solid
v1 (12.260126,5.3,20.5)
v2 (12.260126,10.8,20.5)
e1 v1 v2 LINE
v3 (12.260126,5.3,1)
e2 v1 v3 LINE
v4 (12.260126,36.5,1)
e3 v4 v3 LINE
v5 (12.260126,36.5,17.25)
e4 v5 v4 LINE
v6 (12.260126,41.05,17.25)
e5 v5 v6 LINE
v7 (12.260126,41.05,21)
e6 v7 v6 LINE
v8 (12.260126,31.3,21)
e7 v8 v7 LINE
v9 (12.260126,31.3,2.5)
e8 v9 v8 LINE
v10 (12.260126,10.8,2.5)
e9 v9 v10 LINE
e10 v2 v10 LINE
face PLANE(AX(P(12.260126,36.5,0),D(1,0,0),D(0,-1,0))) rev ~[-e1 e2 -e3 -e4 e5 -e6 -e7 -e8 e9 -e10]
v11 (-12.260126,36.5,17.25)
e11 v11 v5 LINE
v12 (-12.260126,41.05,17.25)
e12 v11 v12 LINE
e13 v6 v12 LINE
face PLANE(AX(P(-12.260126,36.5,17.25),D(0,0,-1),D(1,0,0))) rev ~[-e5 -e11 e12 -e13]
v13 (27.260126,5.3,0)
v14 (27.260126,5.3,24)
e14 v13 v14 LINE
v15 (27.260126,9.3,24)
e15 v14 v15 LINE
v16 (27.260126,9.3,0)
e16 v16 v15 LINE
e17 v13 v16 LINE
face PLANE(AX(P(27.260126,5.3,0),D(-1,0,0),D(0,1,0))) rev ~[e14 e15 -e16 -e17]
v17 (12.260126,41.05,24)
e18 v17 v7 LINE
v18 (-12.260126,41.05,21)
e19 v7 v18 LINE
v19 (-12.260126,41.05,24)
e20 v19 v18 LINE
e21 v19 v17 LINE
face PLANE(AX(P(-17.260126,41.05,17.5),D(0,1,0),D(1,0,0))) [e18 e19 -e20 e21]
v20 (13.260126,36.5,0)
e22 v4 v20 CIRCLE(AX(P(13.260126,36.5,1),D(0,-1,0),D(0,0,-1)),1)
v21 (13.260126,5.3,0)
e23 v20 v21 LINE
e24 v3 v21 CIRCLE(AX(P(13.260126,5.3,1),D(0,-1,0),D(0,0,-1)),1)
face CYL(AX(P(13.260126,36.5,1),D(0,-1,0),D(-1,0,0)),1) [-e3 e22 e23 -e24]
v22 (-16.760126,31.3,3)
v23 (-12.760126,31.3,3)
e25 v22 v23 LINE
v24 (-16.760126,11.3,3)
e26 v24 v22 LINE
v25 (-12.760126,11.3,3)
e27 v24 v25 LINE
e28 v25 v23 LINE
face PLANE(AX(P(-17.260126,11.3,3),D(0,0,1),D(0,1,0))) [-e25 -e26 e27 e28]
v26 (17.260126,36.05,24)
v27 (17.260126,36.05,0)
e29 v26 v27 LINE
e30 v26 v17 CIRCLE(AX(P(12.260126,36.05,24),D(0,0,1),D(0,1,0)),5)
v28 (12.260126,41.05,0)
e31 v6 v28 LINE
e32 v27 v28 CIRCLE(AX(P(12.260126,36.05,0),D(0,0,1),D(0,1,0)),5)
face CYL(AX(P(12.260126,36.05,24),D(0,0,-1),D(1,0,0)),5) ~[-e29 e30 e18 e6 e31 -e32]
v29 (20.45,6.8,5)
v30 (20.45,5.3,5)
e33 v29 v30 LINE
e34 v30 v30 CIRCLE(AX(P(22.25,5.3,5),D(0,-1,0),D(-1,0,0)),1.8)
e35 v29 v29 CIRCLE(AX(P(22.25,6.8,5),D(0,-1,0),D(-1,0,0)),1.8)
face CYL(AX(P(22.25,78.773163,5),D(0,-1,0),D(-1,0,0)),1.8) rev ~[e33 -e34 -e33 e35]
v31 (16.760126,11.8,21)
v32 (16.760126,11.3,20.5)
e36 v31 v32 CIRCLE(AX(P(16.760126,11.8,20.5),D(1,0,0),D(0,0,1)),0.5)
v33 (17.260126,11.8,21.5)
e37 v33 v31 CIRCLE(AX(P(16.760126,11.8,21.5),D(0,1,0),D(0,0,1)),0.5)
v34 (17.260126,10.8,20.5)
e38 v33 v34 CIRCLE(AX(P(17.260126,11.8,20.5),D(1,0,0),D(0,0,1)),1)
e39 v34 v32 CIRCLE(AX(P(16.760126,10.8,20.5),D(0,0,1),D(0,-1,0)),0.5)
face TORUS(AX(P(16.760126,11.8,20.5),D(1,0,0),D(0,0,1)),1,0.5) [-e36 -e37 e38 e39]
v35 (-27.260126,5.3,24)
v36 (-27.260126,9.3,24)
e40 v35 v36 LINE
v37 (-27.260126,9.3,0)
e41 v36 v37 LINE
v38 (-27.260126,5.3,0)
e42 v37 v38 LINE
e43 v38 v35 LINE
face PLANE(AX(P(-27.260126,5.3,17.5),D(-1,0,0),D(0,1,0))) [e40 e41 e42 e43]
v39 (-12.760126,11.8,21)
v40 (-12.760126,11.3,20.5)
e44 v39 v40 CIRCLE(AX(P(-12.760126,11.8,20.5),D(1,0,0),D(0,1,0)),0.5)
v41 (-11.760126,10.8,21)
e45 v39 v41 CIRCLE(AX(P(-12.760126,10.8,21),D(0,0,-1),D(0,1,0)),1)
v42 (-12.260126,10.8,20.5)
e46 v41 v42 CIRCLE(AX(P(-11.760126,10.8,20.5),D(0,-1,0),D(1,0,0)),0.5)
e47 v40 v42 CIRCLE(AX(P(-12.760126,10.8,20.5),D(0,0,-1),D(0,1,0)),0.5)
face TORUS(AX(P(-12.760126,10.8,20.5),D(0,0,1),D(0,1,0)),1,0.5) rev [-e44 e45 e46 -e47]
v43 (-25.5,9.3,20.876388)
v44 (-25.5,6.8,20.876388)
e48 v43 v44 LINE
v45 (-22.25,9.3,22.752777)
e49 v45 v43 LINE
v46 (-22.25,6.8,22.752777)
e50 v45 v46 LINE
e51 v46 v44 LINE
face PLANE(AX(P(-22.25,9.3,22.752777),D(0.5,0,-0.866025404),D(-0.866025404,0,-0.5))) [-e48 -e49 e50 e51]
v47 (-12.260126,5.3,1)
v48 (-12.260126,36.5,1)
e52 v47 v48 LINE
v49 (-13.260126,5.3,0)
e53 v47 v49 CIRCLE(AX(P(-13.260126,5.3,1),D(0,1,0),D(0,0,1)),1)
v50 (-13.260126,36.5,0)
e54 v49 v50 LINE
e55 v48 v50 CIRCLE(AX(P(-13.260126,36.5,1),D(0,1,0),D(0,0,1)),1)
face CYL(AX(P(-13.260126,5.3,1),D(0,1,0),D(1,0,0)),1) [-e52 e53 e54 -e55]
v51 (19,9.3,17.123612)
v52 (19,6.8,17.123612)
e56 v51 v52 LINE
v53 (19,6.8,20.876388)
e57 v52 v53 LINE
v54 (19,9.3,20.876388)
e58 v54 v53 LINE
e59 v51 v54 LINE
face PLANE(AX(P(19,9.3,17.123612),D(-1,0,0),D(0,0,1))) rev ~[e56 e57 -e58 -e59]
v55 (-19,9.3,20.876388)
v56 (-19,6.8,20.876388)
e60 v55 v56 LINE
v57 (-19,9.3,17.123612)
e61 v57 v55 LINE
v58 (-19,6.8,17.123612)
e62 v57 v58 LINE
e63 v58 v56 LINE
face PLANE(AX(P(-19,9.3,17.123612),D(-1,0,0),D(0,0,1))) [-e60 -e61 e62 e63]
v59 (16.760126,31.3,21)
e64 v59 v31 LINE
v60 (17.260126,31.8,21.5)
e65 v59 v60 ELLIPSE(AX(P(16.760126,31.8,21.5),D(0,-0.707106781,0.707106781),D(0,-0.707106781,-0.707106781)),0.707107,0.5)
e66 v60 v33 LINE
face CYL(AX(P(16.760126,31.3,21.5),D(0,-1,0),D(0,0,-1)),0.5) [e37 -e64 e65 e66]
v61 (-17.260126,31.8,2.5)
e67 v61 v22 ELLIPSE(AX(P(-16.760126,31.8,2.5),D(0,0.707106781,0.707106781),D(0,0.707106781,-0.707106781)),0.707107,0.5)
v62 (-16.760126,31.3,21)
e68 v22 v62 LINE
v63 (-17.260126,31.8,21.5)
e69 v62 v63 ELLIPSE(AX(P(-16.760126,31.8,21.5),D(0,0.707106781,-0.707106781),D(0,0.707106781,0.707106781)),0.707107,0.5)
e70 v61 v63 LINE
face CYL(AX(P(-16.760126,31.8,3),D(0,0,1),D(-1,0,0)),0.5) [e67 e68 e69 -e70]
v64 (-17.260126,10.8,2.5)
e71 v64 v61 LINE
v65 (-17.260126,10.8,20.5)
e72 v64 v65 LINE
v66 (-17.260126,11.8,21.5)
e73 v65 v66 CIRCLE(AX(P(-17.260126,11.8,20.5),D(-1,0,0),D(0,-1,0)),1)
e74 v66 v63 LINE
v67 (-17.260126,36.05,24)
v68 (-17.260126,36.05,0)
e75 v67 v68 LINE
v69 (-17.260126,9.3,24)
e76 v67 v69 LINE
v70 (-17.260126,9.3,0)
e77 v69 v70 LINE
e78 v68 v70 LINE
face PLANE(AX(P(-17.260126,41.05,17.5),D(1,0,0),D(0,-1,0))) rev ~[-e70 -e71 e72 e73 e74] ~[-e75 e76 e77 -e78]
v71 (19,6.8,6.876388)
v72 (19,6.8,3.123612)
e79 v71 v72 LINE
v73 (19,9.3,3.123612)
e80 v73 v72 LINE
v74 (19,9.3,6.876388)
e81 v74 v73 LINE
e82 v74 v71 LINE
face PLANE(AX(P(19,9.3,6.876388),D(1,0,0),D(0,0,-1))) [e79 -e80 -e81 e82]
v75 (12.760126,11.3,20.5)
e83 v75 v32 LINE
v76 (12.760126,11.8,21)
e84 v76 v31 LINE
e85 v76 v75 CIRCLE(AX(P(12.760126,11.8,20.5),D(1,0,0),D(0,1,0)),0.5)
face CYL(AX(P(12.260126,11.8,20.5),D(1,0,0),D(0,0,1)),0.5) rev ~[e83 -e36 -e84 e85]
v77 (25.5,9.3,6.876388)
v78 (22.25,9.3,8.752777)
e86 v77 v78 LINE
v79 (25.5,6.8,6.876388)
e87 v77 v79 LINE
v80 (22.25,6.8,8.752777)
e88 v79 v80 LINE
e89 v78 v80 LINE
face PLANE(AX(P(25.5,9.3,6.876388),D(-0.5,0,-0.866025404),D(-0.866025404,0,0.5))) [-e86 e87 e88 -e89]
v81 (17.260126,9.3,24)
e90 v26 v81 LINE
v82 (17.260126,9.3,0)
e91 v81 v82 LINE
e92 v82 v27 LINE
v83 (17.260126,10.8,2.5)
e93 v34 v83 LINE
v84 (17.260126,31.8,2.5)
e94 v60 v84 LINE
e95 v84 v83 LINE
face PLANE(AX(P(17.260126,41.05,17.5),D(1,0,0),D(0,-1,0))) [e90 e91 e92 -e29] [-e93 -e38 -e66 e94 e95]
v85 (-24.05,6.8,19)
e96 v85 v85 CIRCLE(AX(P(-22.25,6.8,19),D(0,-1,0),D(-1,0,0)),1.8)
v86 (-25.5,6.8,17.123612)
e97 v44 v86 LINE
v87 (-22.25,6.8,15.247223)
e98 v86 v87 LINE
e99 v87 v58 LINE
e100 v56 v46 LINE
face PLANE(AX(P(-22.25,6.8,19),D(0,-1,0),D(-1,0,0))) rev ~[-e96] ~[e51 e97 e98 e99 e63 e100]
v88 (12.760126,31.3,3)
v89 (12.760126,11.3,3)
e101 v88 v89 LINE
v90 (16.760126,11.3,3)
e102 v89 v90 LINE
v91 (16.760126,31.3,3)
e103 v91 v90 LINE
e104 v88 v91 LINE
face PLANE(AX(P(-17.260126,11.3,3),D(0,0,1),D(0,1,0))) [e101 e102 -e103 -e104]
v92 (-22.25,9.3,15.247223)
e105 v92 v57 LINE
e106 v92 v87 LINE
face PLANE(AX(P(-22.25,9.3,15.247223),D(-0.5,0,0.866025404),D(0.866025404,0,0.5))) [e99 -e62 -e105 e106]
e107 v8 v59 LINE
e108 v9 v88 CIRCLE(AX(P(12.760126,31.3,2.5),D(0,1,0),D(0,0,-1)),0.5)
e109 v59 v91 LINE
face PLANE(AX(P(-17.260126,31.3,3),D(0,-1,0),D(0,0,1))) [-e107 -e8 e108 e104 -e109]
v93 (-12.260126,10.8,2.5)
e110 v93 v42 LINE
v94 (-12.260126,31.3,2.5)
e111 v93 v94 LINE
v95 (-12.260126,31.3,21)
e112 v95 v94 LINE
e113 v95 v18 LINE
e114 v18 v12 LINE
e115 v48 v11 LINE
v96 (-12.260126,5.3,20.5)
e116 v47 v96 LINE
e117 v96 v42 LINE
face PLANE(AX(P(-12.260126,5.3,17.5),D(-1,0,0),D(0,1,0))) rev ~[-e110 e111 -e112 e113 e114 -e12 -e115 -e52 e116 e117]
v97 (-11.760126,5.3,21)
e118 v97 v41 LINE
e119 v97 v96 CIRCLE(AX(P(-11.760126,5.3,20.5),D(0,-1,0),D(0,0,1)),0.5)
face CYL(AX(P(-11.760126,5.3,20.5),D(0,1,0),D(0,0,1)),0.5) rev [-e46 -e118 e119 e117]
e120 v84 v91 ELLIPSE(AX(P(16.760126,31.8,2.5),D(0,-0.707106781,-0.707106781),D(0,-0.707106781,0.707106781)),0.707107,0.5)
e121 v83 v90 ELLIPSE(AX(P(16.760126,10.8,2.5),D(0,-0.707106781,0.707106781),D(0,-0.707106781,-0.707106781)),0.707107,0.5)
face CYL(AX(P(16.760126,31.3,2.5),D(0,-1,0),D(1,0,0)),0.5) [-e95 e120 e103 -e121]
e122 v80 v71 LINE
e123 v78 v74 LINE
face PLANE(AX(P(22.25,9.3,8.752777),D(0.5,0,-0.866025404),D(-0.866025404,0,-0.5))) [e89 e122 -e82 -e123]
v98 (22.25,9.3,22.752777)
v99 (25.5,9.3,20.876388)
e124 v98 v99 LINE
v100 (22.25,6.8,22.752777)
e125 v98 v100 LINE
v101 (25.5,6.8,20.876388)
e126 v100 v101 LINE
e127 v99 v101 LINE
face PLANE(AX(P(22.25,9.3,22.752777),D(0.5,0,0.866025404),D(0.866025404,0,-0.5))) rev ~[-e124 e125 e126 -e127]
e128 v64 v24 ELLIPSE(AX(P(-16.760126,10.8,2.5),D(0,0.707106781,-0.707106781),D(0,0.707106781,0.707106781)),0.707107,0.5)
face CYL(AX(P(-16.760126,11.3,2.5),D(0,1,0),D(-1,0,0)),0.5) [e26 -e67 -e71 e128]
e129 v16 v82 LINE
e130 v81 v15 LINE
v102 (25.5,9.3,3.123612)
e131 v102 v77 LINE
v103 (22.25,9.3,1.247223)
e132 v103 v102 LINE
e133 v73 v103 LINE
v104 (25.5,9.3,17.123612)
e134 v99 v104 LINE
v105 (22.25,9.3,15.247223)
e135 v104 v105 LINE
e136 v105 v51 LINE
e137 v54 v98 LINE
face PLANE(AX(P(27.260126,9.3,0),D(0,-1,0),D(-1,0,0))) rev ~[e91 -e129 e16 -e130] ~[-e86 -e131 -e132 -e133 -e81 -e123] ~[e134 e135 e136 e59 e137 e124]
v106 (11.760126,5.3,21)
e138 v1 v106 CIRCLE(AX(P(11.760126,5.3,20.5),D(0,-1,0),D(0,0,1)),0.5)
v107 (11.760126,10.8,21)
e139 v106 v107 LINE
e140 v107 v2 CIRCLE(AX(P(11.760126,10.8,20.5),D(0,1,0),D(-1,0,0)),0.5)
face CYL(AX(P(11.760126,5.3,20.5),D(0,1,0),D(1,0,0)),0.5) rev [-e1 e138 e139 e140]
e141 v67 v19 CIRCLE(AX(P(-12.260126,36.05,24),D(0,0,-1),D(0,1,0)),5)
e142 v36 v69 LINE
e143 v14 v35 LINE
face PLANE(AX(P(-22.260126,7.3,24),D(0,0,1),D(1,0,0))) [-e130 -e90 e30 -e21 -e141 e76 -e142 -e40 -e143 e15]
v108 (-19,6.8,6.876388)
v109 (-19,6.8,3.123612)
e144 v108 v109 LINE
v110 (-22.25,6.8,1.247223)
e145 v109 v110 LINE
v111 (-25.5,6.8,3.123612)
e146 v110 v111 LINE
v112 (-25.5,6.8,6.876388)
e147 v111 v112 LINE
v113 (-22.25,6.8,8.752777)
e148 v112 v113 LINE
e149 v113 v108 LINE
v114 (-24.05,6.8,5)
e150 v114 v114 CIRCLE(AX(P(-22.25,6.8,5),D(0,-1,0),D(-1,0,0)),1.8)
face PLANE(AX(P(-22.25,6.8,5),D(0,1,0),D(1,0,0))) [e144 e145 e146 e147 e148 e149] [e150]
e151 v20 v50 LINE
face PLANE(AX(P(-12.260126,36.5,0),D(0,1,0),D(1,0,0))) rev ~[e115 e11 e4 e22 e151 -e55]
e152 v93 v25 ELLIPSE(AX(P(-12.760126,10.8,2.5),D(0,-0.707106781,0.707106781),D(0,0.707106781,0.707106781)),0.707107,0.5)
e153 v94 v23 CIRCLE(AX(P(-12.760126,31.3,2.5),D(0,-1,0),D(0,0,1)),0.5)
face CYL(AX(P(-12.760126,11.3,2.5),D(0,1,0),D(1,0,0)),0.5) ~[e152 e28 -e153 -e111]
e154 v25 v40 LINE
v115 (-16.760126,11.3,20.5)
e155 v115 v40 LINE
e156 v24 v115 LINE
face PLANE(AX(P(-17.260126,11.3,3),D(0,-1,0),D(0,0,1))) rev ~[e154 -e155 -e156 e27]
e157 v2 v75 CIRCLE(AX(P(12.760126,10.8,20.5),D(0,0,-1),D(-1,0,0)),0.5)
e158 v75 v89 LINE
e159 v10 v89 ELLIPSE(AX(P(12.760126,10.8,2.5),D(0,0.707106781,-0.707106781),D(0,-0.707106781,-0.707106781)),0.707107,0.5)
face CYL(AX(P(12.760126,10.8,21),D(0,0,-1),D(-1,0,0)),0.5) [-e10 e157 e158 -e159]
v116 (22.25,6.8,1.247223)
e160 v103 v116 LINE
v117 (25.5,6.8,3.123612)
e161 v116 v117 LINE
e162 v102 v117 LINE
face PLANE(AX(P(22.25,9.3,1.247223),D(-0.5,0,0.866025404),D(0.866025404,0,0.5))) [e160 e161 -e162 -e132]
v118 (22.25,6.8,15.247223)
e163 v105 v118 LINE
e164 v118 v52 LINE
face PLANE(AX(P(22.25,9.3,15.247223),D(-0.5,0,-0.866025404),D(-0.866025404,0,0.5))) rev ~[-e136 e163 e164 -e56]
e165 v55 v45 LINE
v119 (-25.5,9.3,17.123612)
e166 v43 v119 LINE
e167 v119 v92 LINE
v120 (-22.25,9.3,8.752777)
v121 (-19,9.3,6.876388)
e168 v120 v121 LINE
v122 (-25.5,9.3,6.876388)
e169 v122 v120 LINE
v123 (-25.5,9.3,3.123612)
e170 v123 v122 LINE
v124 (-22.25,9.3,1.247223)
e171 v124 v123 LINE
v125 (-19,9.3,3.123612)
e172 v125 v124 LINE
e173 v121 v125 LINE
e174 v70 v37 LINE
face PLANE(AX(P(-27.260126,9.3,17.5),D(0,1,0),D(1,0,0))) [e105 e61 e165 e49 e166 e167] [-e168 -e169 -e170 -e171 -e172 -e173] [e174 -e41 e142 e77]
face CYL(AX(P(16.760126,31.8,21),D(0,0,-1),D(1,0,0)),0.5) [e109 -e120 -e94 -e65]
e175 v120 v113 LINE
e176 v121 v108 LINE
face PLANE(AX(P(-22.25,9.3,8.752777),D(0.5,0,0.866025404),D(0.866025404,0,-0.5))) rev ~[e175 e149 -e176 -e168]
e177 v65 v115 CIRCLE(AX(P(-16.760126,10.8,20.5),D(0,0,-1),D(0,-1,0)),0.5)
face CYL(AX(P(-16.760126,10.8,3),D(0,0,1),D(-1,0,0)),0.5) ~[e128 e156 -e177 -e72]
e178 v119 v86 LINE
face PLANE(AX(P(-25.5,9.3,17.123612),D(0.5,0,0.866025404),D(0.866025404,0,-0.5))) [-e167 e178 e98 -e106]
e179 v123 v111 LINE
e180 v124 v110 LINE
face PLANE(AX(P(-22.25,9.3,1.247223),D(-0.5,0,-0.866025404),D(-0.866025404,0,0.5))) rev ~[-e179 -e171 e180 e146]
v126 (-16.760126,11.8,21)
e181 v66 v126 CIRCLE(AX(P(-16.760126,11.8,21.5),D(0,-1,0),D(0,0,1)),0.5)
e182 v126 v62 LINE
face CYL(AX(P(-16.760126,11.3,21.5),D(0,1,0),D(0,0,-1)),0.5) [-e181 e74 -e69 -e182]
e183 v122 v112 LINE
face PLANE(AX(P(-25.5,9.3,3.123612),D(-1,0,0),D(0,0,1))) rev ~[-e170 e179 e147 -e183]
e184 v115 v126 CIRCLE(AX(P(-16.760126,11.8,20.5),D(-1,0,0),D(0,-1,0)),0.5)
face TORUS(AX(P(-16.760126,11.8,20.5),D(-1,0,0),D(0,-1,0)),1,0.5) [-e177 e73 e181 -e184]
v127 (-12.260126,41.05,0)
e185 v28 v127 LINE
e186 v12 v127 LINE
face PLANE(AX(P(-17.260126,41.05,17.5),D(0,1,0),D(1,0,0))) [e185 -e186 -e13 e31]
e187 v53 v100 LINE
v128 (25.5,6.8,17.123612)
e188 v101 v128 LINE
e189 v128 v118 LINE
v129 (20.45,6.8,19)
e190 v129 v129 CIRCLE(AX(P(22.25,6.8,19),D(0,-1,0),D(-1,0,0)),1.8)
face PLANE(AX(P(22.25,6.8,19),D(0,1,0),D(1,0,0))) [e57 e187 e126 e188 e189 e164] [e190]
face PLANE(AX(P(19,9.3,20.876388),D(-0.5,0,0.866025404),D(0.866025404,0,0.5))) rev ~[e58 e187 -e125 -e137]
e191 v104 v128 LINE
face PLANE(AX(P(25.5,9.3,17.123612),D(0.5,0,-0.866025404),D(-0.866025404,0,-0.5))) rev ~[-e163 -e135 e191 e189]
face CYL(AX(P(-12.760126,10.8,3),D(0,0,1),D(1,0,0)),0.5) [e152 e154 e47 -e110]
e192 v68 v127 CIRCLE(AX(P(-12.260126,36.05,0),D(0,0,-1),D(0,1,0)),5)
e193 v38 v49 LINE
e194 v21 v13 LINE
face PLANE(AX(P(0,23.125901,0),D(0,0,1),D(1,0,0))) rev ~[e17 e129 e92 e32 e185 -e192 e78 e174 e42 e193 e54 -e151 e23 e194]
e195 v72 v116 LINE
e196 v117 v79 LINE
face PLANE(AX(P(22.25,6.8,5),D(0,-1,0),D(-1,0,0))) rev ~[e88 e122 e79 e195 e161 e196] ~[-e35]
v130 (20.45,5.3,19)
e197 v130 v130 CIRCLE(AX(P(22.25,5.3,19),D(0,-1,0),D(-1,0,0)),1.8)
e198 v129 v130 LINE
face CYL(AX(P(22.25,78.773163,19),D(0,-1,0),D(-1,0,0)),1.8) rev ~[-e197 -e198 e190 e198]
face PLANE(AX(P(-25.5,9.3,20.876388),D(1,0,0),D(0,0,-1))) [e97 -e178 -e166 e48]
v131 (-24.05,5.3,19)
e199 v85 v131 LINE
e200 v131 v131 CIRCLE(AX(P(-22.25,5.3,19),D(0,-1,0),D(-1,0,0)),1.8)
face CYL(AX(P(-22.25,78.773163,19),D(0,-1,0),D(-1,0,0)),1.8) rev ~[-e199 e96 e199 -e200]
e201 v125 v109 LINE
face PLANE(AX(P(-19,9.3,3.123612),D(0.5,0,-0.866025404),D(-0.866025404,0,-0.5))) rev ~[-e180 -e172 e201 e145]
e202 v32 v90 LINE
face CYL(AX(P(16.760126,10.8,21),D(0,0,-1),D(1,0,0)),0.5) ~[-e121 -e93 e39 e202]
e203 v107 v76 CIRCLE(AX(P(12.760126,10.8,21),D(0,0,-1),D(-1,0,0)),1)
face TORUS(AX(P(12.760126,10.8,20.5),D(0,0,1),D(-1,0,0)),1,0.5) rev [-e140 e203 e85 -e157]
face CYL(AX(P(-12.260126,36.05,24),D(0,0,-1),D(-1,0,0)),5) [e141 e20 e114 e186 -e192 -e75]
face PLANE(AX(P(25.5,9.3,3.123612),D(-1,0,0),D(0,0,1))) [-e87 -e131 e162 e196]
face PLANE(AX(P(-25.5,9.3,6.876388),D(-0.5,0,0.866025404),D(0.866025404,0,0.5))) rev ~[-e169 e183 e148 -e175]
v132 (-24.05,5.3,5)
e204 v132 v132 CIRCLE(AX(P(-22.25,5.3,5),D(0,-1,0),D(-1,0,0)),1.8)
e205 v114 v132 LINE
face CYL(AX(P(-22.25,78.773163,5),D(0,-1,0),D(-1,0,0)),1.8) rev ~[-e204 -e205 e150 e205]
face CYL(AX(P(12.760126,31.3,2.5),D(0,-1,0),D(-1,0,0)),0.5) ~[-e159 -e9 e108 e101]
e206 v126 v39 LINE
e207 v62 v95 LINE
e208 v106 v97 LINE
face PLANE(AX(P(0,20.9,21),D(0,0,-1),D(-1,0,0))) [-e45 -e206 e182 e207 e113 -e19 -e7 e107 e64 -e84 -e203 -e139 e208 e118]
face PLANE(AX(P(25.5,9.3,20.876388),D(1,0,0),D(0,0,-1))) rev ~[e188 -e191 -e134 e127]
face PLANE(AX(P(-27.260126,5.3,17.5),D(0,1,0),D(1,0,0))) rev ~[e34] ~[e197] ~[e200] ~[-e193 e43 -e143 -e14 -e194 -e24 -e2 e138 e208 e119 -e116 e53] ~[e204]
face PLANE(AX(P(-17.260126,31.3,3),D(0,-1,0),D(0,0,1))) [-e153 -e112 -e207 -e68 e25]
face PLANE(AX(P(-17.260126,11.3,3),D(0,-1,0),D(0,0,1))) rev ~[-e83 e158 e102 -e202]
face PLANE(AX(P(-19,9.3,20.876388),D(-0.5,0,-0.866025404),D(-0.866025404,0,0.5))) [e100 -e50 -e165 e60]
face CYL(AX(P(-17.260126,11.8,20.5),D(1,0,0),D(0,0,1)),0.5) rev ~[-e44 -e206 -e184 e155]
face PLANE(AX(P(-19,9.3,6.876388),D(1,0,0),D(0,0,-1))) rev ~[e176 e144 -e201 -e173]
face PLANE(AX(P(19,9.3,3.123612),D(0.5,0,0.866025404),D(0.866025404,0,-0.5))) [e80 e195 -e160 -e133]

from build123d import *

# Parameters (mm, degrees)
BOSS_EXTRUDE1_DEPTH  = 17.5
BOSS_EXTRUDE2_DEPTH  = 6.5
SKETCH4_W            = 24.52025143
SKETCH4_H            = 31.2
CUT_EXTRUDE1_DEPTH   = 3.5
FILLET1_R            = 5
SKETCH7_W            = 10
SKETCH7_H            = 4
BOSS_EXTRUDE3_DEPTH  = 6.5
FILLET2_R            = 1
SKETCH8_W            = 18
SKETCH8_H            = 20
CUT_EXTRUDE4_DEPTH   = 66.139506352
FILLET3_R            = 0.5
CUT_EXTRUDE7_DEPTH   = 2.5
M3_CLEARANCE_HOLE1_D = 3.6
SKETCH14_W           = 24.52025143
SKETCH14_H           = 3.75
CUT_EXTRUDE8_DEPTH   = 48.880627126


with BuildPart() as part:
    # Sketch1 → Boss-Extrude1 (new body)
    with BuildSketch(Plane.XY):
        Polygon((-27.260125715, 5.300000005), (-12.260125715, 5.300000005), (-12.260125715, 36.500000005), (12.260125715, 36.500000005), (12.260125715, 5.300000005), (27.260125715, 5.300000005), (27.260125715, 9.300000005), (17.260125715, 9.300000005), (17.260125715, 38.858678923), (17.260125715, 41.050000005), (15.150659775, 41.050000005), (12, 41.050000005), (-12, 41.050000005), (-17.260125715, 41.050000005), (-17.260125715, 39.558678923), (-17.260125715, 9.300000005), (-27.260125715, 9.300000005), align=None)
    extrude(amount=BOSS_EXTRUDE1_DEPTH)

    # Sketch2 → Boss-Extrude2 (add)
    with BuildSketch(Plane.XY.offset(17.5)):
        Polygon((-17.260125715, 9.300000005), (-17.260125715, 41.050000005), (17.260125715, 41.050000005), (17.260125715, 5.300000005), (-17.260125715, 5.300000005), align=None)
    extrude(amount=BOSS_EXTRUDE2_DEPTH)

    # Sketch4 → Cut-Extrude1 (cut)
    with BuildSketch(Plane(origin=(0, 0, 17.5), x_dir=(-1, 0, 0), z_dir=(0, 0, -1))):
        with Locations((0, 20.900000005)):
            Rectangle(SKETCH4_W, SKETCH4_H)
    extrude(amount=-CUT_EXTRUDE1_DEPTH, mode=Mode.SUBTRACT)

    # Fillet1
    fillet1_edges = [part.edges().sort_by_distance(p)[0] for p in [
        (-17.260125715, 41.050000005, 12),
        (17.260125715, 41.050000005, 12),
    ]]
    fillet(fillet1_edges, radius=FILLET1_R)

    # Sketch7 → Boss-Extrude3 (add, through all)
    with BuildSketch(Plane.XY.offset(17.5)):
        with Locations((-22.260125715, 7.300000005)):
            Rectangle(SKETCH7_W, SKETCH7_H)
        with Locations((22.260125715, 7.300000005)):
            Rectangle(SKETCH7_W, SKETCH7_H)
    extrude(amount=BOSS_EXTRUDE3_DEPTH)

    # Fillet2
    fillet2_edges = [part.edges().sort_by_distance(p)[0] for p in [
        (12.260125715, 20.900000005, 0),
        (-12.260125715, 20.900000005, 0),
    ]]
    fillet(fillet2_edges, radius=FILLET2_R)

    # Sketch8 → Cut-Extrude4 (cut, through all)
    with BuildSketch(Plane.ZY.offset(17.260125715)):
        with Locations((12, 21.300000005)):
            Rectangle(SKETCH8_W, SKETCH8_H)
    extrude(amount=-CUT_EXTRUDE4_DEPTH, mode=Mode.SUBTRACT)

    # Fillet3
    fillet3_edges = [part.edges().sort_by_distance(p)[0] for p in [
        (12.260125715, 8.300000005, 21),
        (12.260125715, 21.300000005, 3),
        (17.260125715, 21.300000005, 3),
        (-12.260125715, 21.300000005, 3),
        (17.260125715, 21.300000005, 21),
        (17.260125715, 31.300000005, 12),
        (17.260125715, 11.300000005, 12),
        (14.760125715, 11.300000005, 21),
        (12.260125715, 11.300000005, 12),
        (-12.260125715, 11.300000005, 12),
        (-14.760125715, 11.300000005, 21),
        (-17.260125715, 21.300000005, 3),
        (-17.260125715, 11.300000005, 12),
        (-17.260125715, 21.300000005, 21),
        (-17.260125715, 31.300000005, 12),
        (-12.260125715, 8.300000005, 21),
    ]]
    fillet(fillet3_edges, radius=FILLET3_R)

    # Sketch6 → Cut-Extrude7 (cut)
    with BuildSketch(Plane(origin=(0, 9.300000005, 0), x_dir=(1, 0, 0), z_dir=(0, 1, 0))):
        Polygon((22.25, -1.24722325), (25.5, -3.123611625), (25.5, -6.876388375), (22.25, -8.75277675), (19, -6.876388375), (19, -3.123611625), align=None)
        Polygon((22.25, -22.75277675), (25.5, -20.876388375), (25.5, -17.123611625), (22.25, -15.24722325), (19, -17.123611625), (19, -20.876388375), align=None)
        Polygon((-22.25, -8.75277675), (-19, -6.876388375), (-19, -3.123611625), (-22.25, -1.24722325), (-25.5, -3.123611625), (-25.5, -6.876388375), align=None)
        Polygon((-22.25, -15.24722325), (-19, -17.123611625), (-19, -20.876388375), (-22.25, -22.75277675), (-25.5, -20.876388375), (-25.5, -17.123611625), align=None)
    extrude(amount=-CUT_EXTRUDE7_DEPTH, mode=Mode.SUBTRACT)

    # M3 Clearance Hole1 (through all)
    with Locations(Plane(origin=(0, 9.300000005, 0), x_dir=(1, 0, 0), z_dir=(0, 1, 0))):
        with Locations((22.25, -19), (22.25, -5), (-22.25, -5), (-22.25, -19)):
            Hole(M3_CLEARANCE_HOLE1_D / 2)

    # Sketch14 → Cut-Extrude8 (cut, through all)
    with BuildSketch(Plane.XZ.offset(-36.500000005)):
        with Locations((0, 19.125)):
            Rectangle(SKETCH14_W, SKETCH14_H)
    extrude(amount=-CUT_EXTRUDE8_DEPTH, mode=Mode.SUBTRACT)


solid = part.part
